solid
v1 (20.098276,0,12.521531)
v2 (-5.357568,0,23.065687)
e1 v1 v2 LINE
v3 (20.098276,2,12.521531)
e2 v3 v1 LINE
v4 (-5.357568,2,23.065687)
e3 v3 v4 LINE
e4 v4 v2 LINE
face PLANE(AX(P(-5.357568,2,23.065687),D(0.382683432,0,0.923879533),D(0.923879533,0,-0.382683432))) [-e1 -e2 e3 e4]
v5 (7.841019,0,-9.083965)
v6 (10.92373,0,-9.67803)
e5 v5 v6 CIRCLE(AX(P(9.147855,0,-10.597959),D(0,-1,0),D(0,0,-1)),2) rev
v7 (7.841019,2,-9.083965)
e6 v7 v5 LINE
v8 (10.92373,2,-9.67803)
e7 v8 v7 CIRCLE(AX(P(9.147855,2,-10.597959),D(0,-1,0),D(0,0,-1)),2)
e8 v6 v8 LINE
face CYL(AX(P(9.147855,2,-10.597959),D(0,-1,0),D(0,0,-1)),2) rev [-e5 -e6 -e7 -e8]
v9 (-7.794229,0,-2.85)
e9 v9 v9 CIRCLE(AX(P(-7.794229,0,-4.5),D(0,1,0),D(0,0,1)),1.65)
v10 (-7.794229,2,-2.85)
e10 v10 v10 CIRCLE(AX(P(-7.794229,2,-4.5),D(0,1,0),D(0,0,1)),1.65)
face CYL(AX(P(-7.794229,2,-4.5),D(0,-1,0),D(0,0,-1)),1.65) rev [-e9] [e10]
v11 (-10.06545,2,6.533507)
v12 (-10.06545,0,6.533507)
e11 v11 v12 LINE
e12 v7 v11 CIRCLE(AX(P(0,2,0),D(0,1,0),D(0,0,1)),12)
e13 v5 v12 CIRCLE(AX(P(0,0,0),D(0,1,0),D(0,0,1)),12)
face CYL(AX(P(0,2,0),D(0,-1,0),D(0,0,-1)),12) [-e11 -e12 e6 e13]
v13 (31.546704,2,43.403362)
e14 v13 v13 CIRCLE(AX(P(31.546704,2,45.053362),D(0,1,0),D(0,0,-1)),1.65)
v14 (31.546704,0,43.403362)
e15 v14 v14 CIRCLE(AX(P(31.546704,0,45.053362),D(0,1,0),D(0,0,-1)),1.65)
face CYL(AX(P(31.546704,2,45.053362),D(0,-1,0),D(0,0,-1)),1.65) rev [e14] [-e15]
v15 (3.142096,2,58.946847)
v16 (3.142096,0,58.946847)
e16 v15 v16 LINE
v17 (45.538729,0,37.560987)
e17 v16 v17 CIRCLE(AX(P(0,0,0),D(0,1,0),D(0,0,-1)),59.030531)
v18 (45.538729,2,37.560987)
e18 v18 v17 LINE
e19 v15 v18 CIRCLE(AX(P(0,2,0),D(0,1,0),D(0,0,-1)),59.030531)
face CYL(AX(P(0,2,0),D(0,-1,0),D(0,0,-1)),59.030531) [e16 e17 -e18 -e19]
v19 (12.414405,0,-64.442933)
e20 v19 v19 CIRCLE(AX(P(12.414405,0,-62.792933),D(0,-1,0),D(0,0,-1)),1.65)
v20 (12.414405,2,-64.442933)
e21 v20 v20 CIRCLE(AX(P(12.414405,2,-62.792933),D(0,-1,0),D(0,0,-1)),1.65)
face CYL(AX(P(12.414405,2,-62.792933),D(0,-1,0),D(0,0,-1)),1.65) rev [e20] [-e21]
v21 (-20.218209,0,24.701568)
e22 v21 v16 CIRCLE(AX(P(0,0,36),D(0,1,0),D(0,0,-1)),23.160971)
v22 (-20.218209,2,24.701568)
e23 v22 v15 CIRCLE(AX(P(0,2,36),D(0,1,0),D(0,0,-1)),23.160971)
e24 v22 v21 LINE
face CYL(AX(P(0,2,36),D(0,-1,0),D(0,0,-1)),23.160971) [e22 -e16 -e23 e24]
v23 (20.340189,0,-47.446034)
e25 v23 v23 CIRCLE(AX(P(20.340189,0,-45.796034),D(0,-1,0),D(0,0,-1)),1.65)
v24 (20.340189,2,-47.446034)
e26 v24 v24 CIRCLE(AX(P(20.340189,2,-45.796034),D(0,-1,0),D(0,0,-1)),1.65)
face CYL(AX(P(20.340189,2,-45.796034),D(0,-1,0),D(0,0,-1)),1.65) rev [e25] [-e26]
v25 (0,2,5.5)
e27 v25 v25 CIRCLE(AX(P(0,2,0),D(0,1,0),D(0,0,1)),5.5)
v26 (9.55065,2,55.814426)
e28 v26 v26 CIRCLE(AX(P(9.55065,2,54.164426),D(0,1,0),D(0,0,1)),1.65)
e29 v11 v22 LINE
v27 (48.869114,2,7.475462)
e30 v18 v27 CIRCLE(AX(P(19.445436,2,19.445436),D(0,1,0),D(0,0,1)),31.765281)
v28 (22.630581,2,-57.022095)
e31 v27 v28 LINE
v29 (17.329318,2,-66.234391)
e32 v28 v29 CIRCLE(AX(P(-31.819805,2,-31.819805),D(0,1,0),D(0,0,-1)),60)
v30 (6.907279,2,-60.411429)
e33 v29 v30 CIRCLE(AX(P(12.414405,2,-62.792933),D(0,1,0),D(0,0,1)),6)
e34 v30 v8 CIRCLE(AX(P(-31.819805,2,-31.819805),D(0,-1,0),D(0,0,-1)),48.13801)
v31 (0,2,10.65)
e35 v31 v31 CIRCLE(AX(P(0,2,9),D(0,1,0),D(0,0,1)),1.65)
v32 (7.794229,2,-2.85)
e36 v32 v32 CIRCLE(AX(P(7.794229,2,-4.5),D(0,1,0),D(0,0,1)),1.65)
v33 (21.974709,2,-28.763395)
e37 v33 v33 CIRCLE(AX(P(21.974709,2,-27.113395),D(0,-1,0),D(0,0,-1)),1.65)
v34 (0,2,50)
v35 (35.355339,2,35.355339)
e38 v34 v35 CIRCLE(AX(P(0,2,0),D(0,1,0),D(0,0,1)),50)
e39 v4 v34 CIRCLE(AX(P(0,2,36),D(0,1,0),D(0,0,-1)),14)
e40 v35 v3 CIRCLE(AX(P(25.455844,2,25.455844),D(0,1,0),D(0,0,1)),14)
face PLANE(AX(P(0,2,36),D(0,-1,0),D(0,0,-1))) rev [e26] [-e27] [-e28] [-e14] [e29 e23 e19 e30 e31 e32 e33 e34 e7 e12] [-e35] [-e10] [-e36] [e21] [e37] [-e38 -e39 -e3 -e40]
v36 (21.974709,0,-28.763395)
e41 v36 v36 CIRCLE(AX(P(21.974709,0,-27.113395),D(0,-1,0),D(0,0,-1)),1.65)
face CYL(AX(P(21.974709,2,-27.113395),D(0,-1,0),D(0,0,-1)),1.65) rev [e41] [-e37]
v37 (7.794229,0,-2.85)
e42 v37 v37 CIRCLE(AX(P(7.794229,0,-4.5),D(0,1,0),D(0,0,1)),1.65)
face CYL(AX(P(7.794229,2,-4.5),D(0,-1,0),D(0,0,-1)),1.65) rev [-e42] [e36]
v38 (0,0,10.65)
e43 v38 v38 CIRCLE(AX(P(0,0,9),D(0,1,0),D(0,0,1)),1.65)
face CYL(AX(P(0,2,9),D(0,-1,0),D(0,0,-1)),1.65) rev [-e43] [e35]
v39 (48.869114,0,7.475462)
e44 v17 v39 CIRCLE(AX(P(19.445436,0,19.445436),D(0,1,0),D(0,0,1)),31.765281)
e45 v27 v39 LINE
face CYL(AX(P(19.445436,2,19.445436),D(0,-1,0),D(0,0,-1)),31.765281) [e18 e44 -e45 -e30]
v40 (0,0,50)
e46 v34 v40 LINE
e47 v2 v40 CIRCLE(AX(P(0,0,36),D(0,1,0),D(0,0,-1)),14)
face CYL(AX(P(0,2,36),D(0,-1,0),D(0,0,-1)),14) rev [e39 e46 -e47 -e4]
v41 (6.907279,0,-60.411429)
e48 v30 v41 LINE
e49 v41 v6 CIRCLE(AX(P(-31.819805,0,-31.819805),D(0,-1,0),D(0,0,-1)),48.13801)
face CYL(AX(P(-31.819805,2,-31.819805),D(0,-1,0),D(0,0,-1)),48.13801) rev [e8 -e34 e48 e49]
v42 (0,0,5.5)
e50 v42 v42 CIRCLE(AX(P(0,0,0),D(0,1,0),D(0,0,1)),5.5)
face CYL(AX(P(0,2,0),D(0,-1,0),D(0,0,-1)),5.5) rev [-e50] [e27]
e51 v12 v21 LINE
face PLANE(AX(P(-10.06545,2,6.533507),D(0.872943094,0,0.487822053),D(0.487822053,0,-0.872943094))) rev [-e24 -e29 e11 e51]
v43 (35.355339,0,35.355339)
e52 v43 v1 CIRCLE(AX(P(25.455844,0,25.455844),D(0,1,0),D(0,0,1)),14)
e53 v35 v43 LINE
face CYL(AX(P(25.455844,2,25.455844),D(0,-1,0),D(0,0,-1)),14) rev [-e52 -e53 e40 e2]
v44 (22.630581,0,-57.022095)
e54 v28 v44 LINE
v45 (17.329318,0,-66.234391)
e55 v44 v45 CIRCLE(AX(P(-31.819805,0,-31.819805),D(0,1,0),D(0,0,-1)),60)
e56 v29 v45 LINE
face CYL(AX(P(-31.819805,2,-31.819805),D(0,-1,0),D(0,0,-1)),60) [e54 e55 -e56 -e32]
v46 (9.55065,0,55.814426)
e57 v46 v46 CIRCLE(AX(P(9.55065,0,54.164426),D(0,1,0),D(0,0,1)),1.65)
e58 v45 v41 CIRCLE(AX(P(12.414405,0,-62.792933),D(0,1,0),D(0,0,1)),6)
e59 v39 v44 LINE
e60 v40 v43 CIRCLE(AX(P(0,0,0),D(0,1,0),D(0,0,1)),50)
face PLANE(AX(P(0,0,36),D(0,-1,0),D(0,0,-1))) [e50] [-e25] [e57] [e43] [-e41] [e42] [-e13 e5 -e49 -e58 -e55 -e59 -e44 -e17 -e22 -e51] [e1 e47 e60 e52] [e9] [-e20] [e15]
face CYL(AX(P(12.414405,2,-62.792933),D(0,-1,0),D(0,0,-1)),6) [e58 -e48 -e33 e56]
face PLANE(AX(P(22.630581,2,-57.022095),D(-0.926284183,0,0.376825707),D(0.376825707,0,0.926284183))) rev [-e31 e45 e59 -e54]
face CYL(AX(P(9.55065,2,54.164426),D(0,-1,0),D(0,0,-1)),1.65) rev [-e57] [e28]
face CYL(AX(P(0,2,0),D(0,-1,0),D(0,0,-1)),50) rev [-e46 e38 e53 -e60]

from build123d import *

# Parameters (mm, degrees)
SKETCH_1_R          = 1.65
SKETCH_1_R_2        = 5.5
EXTRUDE_1_DEPTH     = 2
SKETCH_2_R          = 1.65
CUT_EXTRUDE_1_DEPTH = 86.784644099
FILLET_1_R          = 2


with BuildPart() as part:
    # Эскиз1 → Бобышка-Вытянуть1 (new body)
    with BuildSketch(Plane(origin=(0, 0, 0), x_dir=(1, 0, 0), z_dir=(0, 1, 0))):
        with BuildLine():
            Line((22.63058135, 57.022094922), (48.869113703, -7.475462073))
            ThreePointArc((48.869113703, -7.475462073), (51.017863934, -22.940417651), (45.538728547, -37.5609872))
            ThreePointArc((45.538728547, -37.5609872), (26.585605536, -52.704925153), (3.142096023, -58.946847156))
            ThreePointArc((3.142096023, -58.946847156), (-19.13330087, -49.051718647), (-20.218209383, -24.701567755))
            Line((-20.218209383, -24.701567755), (-10.065450366, -6.533506633))
            ThreePointArc((-10.065450366, -6.533506633), (-6.891228037, 9.824000007), (9.569842381, 7.24003569))
            ThreePointArc((9.569842381, 7.24003569), (16.257964509, 34.227304723), (6.907279065, 60.411428714))
            ThreePointArc((6.907279065, 60.411428714), (9.487905153, 68.030832797), (17.329317504, 66.234391334))
            ThreePointArc((17.329317504, 66.234391334), (20.184340604, 61.745861093), (22.63058135, 57.022094922))
        make_face()
        with Locations(Location((9.550649772, -54.164426416, 0), (0, 0, 270))):
            Circle(SKETCH_1_R, mode=Mode.SUBTRACT)
        with Locations(Location((31.546703999, -45.053362436, 0), (0, 0, 90))):
            Circle(SKETCH_1_R, mode=Mode.SUBTRACT)
        with Locations(Location((0, 0, 0), (0, 0, 270))):
            Circle(SKETCH_1_R_2, mode=Mode.SUBTRACT)
        with Locations(Location((0, -9, 0), (0, 0, 270))):
            Circle(SKETCH_1_R, mode=Mode.SUBTRACT)
        with Locations(Location((-7.794228634, 4.5, 0), (0, 0, 270))):
            Circle(SKETCH_1_R, mode=Mode.SUBTRACT)
        with Locations(Location((7.794228634, 4.5, 0), (0, 0, 270))):
            Circle(SKETCH_1_R, mode=Mode.SUBTRACT)
        with BuildLine():
            Line((-5.357568053, -23.065686545), (20.09827607, -12.521530668))
            ThreePointArc((20.09827607, -12.521530668), (37.096418695, -17.67786086), (35.355339059, -35.355339059))
            ThreePointArc((35.355339059, -35.355339059), (19.134171618, -46.193976626), (0, -50))
            ThreePointArc((0, -50), (-13.730993926, -38.731264508), (-5.357568053, -23.065686545))
        make_face(mode=Mode.SUBTRACT)
    extrude(amount=EXTRUDE_1_DEPTH)

    # Эскиз2 → Вырез-Вытянуть1 (cut, through all)
    with BuildSketch(Plane.XZ):
        with Locations(Location((21.974708544, -27.113395045, 0), (0, 0, 270))):
            Circle(SKETCH_2_R)
        with Locations(Location((12.414405238, -62.792932716, 0), (0, 0, 270))):
            Circle(SKETCH_2_R)
        with Locations(Location((20.340189466, -45.796033589, 0), (0, 0, 270))):
            Circle(SKETCH_2_R)
    extrude(amount=-CUT_EXTRUDE_1_DEPTH, mode=Mode.SUBTRACT)

    # Скругление1
    fillet_1_edges = [part.edges().sort_by_distance(p)[0] for p in [
        (9.569842381, 1, -7.24003569),
    ]]
    fillet(fillet_1_edges, radius=FILLET_1_R)


solid = part.part
